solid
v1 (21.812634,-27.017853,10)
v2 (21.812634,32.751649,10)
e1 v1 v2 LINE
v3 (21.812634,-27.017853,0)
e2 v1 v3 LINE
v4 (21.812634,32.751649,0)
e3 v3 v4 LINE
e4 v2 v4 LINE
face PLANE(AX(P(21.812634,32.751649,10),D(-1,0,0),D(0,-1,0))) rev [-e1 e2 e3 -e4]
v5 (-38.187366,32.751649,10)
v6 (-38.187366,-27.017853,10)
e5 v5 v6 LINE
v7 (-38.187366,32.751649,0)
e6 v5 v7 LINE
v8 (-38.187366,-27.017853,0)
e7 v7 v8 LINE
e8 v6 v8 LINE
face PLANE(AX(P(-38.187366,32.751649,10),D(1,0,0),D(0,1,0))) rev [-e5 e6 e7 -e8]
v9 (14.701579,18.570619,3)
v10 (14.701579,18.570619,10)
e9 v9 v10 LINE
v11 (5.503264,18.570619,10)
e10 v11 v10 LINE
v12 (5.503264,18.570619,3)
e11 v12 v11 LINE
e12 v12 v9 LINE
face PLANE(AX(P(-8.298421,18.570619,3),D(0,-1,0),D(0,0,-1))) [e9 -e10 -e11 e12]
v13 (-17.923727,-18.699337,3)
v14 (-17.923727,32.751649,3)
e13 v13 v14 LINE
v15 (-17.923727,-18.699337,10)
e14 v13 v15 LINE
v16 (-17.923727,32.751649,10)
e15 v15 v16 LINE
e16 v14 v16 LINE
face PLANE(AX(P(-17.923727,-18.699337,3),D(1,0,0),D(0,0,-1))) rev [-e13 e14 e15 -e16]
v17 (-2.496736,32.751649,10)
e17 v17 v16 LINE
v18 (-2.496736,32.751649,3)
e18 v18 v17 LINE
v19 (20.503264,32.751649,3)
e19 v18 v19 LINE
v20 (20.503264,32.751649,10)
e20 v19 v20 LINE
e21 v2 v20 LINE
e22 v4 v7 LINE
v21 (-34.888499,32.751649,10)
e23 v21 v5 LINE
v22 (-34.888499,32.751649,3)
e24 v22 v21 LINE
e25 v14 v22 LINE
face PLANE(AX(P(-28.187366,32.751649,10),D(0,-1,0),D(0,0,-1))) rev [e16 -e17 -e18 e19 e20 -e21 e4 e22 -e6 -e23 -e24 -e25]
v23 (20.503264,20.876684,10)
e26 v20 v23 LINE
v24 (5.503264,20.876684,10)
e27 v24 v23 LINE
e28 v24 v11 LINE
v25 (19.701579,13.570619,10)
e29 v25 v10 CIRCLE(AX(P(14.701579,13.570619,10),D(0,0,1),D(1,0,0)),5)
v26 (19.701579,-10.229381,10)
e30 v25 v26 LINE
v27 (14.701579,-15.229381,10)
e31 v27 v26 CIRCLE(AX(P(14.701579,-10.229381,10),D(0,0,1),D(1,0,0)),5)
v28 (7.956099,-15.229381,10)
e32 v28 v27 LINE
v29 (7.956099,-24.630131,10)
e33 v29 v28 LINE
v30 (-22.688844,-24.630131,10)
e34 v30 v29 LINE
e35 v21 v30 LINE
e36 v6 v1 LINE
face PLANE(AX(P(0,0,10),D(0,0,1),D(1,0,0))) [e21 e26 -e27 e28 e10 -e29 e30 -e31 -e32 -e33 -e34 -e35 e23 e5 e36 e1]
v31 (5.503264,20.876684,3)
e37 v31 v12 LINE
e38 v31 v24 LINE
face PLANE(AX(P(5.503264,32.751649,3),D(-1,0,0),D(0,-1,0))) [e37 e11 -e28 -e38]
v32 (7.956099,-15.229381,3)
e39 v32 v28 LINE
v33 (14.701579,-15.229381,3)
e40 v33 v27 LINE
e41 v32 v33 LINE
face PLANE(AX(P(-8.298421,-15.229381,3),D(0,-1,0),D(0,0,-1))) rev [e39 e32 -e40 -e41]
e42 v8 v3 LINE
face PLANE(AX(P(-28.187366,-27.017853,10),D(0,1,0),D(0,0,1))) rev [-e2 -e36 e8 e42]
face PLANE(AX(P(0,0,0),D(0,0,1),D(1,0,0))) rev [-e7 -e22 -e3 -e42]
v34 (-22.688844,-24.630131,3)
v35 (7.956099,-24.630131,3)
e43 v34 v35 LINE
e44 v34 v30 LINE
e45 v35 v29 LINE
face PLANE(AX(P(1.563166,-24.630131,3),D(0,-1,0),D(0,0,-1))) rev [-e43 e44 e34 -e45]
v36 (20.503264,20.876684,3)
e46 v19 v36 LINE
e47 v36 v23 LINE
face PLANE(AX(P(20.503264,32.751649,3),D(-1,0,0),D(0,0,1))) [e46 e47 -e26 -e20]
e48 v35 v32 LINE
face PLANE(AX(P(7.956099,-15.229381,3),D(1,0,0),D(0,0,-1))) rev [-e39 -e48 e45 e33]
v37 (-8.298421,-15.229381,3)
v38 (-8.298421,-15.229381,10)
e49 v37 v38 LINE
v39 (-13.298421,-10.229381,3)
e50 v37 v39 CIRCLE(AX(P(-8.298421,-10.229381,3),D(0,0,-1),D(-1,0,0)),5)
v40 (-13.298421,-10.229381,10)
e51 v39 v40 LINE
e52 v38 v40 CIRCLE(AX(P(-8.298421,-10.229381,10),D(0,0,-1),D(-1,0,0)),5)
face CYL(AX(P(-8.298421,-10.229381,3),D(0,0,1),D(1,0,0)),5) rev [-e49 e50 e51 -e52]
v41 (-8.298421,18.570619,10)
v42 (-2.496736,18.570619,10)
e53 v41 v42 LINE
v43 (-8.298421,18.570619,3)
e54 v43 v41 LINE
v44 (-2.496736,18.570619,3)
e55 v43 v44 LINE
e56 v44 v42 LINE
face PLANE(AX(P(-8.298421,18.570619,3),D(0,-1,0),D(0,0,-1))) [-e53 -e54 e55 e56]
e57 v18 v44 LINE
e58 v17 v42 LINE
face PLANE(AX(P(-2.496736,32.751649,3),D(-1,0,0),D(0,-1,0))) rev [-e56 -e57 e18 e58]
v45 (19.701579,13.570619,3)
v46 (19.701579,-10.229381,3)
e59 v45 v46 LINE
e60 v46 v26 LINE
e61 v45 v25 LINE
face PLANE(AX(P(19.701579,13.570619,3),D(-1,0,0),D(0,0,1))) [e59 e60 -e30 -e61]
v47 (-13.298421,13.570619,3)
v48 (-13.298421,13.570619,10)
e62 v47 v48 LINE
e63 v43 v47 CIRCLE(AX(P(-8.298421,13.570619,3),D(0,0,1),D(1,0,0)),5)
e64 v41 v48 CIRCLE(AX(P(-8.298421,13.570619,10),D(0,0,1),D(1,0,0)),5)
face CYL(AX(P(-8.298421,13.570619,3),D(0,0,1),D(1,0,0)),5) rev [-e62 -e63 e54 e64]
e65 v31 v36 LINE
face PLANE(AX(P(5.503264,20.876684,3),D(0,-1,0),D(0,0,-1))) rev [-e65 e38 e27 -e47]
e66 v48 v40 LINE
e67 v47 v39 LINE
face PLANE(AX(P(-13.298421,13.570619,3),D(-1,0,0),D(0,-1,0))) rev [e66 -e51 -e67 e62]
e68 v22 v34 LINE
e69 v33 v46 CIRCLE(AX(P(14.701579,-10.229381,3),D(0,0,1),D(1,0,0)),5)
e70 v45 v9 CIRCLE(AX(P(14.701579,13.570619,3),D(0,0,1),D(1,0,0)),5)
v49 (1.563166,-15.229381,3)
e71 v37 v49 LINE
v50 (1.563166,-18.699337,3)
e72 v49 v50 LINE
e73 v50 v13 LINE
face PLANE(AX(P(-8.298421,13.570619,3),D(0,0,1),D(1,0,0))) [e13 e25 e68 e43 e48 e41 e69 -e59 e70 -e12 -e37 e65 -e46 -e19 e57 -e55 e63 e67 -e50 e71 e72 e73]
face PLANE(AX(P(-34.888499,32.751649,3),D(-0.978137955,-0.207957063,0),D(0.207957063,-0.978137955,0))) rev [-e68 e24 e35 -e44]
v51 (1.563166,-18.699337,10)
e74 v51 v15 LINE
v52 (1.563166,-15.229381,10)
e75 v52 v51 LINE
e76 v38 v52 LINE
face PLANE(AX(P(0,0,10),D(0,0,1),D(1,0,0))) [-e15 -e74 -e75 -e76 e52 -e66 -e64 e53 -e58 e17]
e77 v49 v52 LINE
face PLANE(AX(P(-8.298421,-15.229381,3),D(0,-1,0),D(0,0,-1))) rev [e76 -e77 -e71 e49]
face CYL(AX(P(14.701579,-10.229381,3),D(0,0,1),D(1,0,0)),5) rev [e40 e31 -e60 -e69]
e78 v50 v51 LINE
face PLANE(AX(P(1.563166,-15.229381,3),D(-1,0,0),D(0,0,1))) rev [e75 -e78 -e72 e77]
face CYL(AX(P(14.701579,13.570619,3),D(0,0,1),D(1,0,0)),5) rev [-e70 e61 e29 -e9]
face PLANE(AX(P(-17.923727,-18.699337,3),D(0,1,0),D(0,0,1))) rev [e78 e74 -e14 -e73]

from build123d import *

# Parameters (mm, degrees)
BOSS_EXTRUDE1_DEPTH = 10
CUT_EXTRUDE1_DEPTH  = 7
SKETCH3_W           = 15
SKETCH3_H           = 11.874964638
CUT_EXTRUDE2_DEPTH  = 7
CUT_EXTRUDE3_DEPTH  = 7


with BuildPart() as part:
    # Sketch1 → Boss-Extrude1 (new body)
    with BuildSketch(Plane.XY):
        Polygon((-28.187365871, 32.751649119), (21.812634129, 32.751649119), (21.812634129, -27.017852667), (-28.187365871, -27.017852667), (-38.187365871, -27.017852667), (-38.187365871, 32.751649119), align=None)
    extrude(amount=BOSS_EXTRUDE1_DEPTH)

    # Sketch2 → Cut-Extrude1 (cut)
    with BuildSketch(Plane.XY.offset(10)):
        with BuildLine():
            Line((-8.298420819, 18.570619113), (14.701579181, 18.570619113))
            ThreePointArc((14.701579181, 18.570619113), (18.237113087, 17.106153019), (19.701579181, 13.570619113))
            Line((19.701579181, 13.570619113), (19.701579181, -10.229380887))
            ThreePointArc((19.701579181, -10.229380887), (18.237113087, -13.764914793), (14.701579181, -15.229380887))
            Line((14.701579181, -15.229380887), (-8.298420819, -15.229380887))
            ThreePointArc((-8.298420819, -15.229380887), (-11.833954725, -13.764914793), (-13.298420819, -10.229380887))
            Line((-13.298420819, -10.229380887), (-13.298420819, 13.570619113))
            ThreePointArc((-13.298420819, 13.570619113), (-11.833954725, 17.106153019), (-8.298420819, 18.570619113))
        make_face()
    extrude(amount=-CUT_EXTRUDE1_DEPTH, mode=Mode.SUBTRACT)

    # Sketch3 → Cut-Extrude2 (cut)
    with BuildSketch(Plane.XY.offset(10)):
        Polygon((5.503263718, 32.751649119), (-2.496736282, 32.751649119), (-2.496736282, 18.570619113), (5.503263718, 18.570619113), (5.503263718, 20.876684481), align=None)
        with Locations((13.003263718, 26.8141668)):
            Rectangle(SKETCH3_W, SKETCH3_H)
    extrude(amount=-CUT_EXTRUDE2_DEPTH, mode=Mode.SUBTRACT)

    # Sketch4 → Cut-Extrude3 (cut)
    with BuildSketch(Plane.XY.offset(10)):
        Polygon((1.563165921, -15.229380887), (7.956099034, -15.229380887), (7.956099034, -24.630130661), (1.563165921, -24.630130661), (-17.923726581, -24.630130661), (-22.688843527, -24.630130661), (-34.888499332, 32.751649119), (-17.923726581, 32.751649119), (-17.923726581, -18.699337291), (1.563165921, -18.699337291), align=None)
    extrude(amount=-CUT_EXTRUDE3_DEPTH, mode=Mode.SUBTRACT)


solid = part.part
